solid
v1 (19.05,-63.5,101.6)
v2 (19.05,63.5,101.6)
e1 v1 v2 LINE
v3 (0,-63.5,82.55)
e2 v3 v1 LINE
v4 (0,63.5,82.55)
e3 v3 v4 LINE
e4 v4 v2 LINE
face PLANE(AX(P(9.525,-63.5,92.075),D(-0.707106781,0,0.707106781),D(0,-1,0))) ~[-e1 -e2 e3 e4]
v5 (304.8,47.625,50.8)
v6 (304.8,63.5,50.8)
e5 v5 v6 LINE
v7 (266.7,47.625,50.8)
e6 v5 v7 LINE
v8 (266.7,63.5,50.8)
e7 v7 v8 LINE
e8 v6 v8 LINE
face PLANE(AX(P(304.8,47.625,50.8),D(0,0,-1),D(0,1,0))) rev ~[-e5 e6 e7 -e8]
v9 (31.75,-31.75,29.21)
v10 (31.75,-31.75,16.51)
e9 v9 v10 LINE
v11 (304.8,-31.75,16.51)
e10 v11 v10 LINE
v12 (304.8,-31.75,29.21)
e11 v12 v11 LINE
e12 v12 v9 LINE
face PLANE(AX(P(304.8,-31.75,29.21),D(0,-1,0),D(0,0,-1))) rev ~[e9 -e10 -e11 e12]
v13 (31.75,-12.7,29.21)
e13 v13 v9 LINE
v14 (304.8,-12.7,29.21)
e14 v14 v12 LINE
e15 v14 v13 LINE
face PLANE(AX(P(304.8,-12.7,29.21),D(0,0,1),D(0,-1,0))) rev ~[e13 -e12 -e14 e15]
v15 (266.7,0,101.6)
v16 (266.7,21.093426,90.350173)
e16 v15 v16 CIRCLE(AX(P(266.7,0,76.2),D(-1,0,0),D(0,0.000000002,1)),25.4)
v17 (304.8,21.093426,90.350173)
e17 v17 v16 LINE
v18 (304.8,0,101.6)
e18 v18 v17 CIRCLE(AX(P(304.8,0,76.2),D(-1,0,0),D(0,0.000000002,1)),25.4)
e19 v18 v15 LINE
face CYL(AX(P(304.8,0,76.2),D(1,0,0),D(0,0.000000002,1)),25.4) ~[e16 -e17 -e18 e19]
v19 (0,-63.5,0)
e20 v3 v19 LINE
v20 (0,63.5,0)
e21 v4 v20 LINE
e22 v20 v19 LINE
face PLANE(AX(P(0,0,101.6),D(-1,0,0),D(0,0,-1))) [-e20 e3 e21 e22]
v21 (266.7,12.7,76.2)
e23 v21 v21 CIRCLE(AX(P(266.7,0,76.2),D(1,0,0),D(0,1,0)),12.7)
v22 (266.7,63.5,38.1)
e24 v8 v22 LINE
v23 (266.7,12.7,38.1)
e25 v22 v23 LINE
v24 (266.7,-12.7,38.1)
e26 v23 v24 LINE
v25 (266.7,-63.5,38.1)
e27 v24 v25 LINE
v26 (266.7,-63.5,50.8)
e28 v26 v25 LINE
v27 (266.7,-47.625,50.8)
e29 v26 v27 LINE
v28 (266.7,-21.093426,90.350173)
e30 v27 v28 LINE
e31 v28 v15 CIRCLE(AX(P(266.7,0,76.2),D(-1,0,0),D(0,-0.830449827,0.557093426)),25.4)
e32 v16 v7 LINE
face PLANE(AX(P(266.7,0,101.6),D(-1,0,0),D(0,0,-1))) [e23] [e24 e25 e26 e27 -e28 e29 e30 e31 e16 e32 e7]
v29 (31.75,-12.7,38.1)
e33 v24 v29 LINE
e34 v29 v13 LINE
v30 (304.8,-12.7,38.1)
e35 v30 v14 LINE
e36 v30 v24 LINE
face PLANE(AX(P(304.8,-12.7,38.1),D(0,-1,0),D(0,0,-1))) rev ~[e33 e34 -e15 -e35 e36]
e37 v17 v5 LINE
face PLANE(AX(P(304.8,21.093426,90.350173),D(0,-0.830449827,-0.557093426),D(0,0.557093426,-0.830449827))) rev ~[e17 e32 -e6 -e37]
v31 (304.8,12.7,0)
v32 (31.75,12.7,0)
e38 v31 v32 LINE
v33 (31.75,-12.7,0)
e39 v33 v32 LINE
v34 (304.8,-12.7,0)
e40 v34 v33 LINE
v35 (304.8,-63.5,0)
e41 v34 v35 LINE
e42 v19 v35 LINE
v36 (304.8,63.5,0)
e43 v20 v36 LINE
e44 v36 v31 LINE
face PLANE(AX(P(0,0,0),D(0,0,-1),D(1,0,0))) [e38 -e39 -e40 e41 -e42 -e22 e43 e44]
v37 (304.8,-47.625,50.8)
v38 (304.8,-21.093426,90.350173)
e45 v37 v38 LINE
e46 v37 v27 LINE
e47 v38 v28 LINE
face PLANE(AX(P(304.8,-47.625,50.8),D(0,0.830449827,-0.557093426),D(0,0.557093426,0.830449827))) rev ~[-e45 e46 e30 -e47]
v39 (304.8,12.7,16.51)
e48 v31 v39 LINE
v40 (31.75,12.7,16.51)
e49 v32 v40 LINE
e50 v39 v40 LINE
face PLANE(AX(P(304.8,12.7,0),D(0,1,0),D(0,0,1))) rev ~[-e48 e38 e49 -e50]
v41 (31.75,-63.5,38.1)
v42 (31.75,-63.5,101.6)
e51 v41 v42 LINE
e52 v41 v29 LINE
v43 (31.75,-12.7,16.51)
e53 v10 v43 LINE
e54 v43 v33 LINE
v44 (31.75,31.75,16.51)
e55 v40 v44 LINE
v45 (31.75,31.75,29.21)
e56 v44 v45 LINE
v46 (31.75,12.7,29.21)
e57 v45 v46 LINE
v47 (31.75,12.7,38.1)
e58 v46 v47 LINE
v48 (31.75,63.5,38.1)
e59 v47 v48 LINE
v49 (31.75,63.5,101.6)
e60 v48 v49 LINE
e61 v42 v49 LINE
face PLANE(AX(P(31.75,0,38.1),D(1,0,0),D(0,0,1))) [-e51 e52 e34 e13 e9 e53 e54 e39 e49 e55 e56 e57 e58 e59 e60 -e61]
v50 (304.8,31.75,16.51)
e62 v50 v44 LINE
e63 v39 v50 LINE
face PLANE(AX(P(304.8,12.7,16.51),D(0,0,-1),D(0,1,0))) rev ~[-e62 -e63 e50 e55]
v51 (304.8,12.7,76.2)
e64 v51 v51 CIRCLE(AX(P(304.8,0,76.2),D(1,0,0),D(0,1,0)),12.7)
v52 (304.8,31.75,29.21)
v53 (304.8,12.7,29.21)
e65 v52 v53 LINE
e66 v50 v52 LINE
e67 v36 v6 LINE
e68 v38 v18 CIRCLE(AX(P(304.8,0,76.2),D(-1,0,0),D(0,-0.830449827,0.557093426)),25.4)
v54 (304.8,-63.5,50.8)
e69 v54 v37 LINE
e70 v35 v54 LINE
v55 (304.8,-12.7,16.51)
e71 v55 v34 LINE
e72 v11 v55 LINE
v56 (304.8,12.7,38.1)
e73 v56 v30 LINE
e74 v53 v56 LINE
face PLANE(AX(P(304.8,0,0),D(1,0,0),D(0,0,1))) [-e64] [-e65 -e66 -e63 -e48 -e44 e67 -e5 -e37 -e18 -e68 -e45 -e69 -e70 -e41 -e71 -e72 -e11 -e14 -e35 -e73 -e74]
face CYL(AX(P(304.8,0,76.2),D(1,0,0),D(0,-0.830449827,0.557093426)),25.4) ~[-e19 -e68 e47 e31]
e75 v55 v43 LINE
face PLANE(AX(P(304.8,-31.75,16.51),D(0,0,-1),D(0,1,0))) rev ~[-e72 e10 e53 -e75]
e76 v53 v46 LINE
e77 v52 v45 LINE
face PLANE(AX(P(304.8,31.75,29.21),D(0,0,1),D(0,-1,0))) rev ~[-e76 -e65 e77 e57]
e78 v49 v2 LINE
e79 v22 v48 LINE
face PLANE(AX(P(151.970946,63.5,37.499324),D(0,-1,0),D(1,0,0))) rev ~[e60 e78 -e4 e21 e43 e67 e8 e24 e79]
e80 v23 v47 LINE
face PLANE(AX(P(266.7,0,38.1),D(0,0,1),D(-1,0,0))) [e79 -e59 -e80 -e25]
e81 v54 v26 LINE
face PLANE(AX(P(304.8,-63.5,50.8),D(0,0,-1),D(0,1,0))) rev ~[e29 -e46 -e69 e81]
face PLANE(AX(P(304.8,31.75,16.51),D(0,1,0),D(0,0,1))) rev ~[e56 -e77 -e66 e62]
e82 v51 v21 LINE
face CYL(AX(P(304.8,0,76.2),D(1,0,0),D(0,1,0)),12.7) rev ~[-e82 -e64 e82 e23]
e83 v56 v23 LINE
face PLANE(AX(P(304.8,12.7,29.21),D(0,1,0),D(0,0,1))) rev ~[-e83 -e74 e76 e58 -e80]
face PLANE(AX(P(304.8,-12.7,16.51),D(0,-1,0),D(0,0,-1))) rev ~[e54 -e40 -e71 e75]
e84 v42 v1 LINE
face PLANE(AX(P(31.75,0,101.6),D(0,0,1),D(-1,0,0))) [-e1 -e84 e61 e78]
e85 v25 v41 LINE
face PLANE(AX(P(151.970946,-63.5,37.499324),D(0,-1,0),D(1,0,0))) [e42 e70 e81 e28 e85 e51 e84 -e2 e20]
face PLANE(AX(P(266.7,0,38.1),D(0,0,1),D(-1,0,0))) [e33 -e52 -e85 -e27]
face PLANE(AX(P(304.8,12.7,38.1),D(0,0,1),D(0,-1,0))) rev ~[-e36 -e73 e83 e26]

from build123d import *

# Parameters (mm, degrees)
F1_DEPTH = 63.5
F3_DEPTH = 38.1
F4_R     = 12.7
F5_DEPTH = 273.05
F6_SIZE2 = 19.05
F6_SIZE  = 19.05


with BuildPart() as f1:
    # F0 (on Front) → F1 (new body, symmetric)
    with BuildSketch(Plane.XZ):
        Polygon((0, 101.6), (0, 0), (304.8, 0), (304.8, 101.6), (266.7, 101.6), (266.7, 38.1), (31.75, 38.1), (31.75, 101.6), align=None)
    extrude(amount=F1_DEPTH, both=True)

    # F2 (on face) → F3 (cut)
    with BuildSketch(Plane.YZ.offset(304.8)):
        with BuildLine():
            Line((-63.5, 101.6), (-63.5, 50.8))
            Line((-63.5, 50.8), (-47.625, 50.8))
            Line((-47.625, 50.8), (-21.0934256055, 90.3501730104))
            ThreePointArc((-21.0934256055, 90.3501730104), (-11.9529411588, 98.6117647153), (4.02e-08, 101.6))
            Line((4.02e-08, 101.6), (-63.5, 101.6))
        make_face()
        with BuildLine():
            Line((47.625, 50.8), (63.5, 50.8))
            Line((63.5, 50.8), (63.5, 101.6))
            Line((63.5, 101.6), (4.02e-08, 101.6))
            ThreePointArc((4.02e-08, 101.6), (11.9529411942, 98.6117646964), (21.0934256055, 90.3501730104))
            Line((21.0934256055, 90.3501730104), (47.625, 50.8))
        make_face()
    extrude(amount=-F3_DEPTH, mode=Mode.SUBTRACT)

    # F4 (on face) → F5 (cut)
    with BuildSketch(Plane.YZ.offset(304.8)):
        Polygon((0, 0), (12.7, 0), (12.7, 16.51), (31.75, 16.51), (31.75, 29.21), (12.7, 29.21), (12.7, 38.1), (0, 38.1), (-12.7, 38.1), (-12.7, 29.21), (-31.75, 29.21), (-31.75, 16.51), (-12.7, 16.51), (-12.7, 0), align=None)
        with Locations((0, 76.2)):
            Circle(F4_R)
    extrude(amount=-F5_DEPTH, mode=Mode.SUBTRACT)

    # F6
    f6_edges = [f1.edges().sort_by_distance(p)[0] for p in [
        (0, 0, 101.6),
    ]]
    chamfer(f6_edges, length=F6_SIZE, length2=F6_SIZE2)


solid = f1.part
